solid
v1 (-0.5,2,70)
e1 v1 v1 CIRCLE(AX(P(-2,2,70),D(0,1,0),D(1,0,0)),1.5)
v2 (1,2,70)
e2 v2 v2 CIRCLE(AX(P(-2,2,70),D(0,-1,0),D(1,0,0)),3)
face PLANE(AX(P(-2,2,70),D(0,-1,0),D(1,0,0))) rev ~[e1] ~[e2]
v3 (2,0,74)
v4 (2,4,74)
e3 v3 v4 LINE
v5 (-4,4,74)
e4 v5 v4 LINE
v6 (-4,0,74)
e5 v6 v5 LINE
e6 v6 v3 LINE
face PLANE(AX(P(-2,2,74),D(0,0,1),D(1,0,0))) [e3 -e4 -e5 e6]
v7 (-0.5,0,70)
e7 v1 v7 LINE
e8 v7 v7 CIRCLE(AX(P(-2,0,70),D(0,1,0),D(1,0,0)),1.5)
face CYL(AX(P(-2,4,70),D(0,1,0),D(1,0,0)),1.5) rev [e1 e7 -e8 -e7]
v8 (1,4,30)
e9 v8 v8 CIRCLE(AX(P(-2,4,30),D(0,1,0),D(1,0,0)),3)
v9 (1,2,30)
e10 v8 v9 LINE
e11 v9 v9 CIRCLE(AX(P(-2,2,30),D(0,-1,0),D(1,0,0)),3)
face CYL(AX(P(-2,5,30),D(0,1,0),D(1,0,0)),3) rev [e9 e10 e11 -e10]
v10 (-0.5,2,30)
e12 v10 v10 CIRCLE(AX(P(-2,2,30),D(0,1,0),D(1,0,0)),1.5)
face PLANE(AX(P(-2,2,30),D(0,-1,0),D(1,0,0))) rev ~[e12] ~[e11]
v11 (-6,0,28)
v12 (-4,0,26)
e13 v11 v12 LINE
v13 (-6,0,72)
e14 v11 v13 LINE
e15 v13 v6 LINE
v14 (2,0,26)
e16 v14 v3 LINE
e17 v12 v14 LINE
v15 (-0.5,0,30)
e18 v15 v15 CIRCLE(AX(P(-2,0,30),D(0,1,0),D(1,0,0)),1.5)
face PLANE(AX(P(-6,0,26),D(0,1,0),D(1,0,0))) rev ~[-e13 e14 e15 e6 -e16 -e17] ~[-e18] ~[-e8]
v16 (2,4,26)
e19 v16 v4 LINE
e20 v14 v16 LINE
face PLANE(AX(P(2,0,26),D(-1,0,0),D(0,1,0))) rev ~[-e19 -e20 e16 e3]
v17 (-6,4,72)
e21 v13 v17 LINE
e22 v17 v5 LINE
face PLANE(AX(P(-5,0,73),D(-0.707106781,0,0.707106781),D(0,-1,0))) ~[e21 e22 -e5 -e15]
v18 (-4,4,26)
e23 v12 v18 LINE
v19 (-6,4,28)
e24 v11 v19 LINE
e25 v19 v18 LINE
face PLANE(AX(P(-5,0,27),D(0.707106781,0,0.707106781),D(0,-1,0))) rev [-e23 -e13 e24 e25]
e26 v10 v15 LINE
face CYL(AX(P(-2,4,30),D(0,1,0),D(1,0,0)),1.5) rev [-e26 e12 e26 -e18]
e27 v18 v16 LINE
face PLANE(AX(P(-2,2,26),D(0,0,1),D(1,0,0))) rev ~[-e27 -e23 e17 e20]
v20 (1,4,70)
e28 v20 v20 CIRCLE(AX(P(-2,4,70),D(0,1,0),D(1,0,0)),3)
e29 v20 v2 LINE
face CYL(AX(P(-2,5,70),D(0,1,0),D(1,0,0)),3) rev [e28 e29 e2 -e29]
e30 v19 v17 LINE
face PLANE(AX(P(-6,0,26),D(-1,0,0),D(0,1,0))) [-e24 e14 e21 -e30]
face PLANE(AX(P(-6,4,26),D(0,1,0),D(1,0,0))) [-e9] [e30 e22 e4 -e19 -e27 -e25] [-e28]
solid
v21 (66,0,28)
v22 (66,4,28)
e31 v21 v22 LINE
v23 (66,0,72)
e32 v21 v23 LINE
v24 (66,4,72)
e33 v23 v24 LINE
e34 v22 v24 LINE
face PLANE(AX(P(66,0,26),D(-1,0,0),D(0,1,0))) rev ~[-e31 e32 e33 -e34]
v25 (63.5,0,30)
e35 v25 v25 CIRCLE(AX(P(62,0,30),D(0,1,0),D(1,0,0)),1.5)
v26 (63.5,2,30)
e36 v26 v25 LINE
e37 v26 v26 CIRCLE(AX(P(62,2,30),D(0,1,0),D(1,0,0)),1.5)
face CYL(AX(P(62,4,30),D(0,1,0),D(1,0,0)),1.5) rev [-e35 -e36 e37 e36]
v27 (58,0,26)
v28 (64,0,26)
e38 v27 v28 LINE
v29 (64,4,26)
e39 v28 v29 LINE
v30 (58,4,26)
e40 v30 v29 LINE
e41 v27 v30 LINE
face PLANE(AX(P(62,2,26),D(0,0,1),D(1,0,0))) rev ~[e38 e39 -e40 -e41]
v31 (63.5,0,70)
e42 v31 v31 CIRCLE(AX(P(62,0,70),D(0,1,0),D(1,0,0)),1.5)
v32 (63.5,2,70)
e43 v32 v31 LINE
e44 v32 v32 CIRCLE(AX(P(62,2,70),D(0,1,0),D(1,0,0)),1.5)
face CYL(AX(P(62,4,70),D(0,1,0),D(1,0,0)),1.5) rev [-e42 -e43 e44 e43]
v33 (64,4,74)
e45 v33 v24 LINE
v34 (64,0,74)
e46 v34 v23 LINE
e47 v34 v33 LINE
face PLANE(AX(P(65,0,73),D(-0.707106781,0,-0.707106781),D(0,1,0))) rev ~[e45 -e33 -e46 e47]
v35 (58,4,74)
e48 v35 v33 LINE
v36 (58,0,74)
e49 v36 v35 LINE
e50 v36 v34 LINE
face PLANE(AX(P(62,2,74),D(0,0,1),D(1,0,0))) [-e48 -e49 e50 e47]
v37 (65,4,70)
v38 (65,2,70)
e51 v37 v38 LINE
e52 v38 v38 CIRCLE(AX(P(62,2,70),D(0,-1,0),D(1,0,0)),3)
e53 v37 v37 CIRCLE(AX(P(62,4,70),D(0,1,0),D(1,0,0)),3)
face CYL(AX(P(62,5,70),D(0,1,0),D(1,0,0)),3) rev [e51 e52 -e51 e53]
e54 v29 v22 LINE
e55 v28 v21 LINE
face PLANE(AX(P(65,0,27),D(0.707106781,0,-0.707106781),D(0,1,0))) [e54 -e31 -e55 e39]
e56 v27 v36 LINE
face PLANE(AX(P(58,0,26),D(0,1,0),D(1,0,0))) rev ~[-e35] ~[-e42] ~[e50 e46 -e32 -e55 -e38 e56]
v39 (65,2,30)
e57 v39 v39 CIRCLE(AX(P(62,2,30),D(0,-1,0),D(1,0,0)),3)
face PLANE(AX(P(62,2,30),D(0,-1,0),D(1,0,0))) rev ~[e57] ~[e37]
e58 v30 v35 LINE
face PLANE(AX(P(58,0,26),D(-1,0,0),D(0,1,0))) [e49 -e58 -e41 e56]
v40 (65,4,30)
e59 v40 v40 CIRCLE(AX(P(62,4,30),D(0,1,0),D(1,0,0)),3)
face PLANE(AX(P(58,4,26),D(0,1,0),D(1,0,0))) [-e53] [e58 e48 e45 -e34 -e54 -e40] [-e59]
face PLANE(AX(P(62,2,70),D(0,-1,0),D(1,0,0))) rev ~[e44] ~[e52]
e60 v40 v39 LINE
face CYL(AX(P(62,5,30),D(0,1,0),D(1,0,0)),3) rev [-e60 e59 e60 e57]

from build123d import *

# Parameters (mm, degrees)
CYLINDER887_R     = 3
CYLINDER887_DEPTH = 3
CYLINDER882_R     = 3
CYLINDER882_DEPTH = 3
CYLINDER883_R     = 3
CYLINDER883_DEPTH = 3
CYLINDER886_R     = 3
CYLINDER886_DEPTH = 3
CYLINDER885_R     = 1.5
CYLINDER885_DEPTH = 10
CYLINDER888_R     = 1.5
CYLINDER888_DEPTH = 10
CYLINDER889_R     = 1.5
CYLINDER889_DEPTH = 10
CYLINDER884_R     = 1.5
CYLINDER884_DEPTH = 10
BOX427_W          = 8
BOX427_H          = 4
BOX427_DEPTH      = 48
BOX426_W          = 8
BOX426_H          = 4
BOX426_DEPTH      = 48
CHAMFER026_SIZE   = 2
CHAMFER027_SIZE   = 2


with BuildPart() as v_lec887:
    # Cylinder887 → Cylinder887 (new body)
    with BuildSketch(Plane(origin=(62, 4, 70), x_dir=(1, 0, 0), z_dir=(0, -1, 0))):
        Circle(CYLINDER887_R)
    extrude(amount=CYLINDER887_DEPTH)


with BuildPart() as v_lec882:
    # Cylinder882 → Cylinder882 (new body)
    with BuildSketch(Plane(origin=(-2, 4, 30), x_dir=(1, 0, 0), z_dir=(0, -1, 0))):
        Circle(CYLINDER882_R)
    extrude(amount=CYLINDER882_DEPTH)


with BuildPart() as v_lec883:
    # Cylinder883 → Cylinder883 (new body)
    with BuildSketch(Plane(origin=(-2, 4, 70), x_dir=(1, 0, 0), z_dir=(0, -1, 0))):
        Circle(CYLINDER883_R)
    extrude(amount=CYLINDER883_DEPTH)


with BuildPart() as compound506:
    # Cylinder886 → Cylinder886 (new body)
    with BuildSketch(Plane(origin=(62, 4, 30), x_dir=(1, 0, 0), z_dir=(0, -1, 0))):
        Circle(CYLINDER886_R)
    extrude(amount=CYLINDER886_DEPTH)

    # Compound506: union Válec887, Válec882, Válec883
    add(v_lec887.part)
    add(v_lec882.part)
    add(v_lec883.part)


with BuildPart() as compound506_1:
    # Compound506 placement: moved
    add(compound506.part.moved(Location((0, 1, 0))))


with BuildPart() as v_lec885:
    # Cylinder885 → Cylinder885 (new body)
    with BuildSketch(Plane(origin=(-2, 4, 70), x_dir=(1, 0, 0), z_dir=(0, -1, 0))):
        Circle(CYLINDER885_R)
    extrude(amount=CYLINDER885_DEPTH)


with BuildPart() as v_lec888:
    # Cylinder888 → Cylinder888 (new body)
    with BuildSketch(Plane(origin=(62, 4, 30), x_dir=(1, 0, 0), z_dir=(0, -1, 0))):
        Circle(CYLINDER888_R)
    extrude(amount=CYLINDER888_DEPTH)


with BuildPart() as v_lec889:
    # Cylinder889 → Cylinder889 (new body)
    with BuildSketch(Plane(origin=(62, 4, 70), x_dir=(1, 0, 0), z_dir=(0, -1, 0))):
        Circle(CYLINDER889_R)
    extrude(amount=CYLINDER889_DEPTH)


with BuildPart() as compound507:
    # Cylinder884 → Cylinder884 (new body)
    with BuildSketch(Plane(origin=(-2, 4, 30), x_dir=(1, 0, 0), z_dir=(0, -1, 0))):
        Circle(CYLINDER884_R)
    extrude(amount=CYLINDER884_DEPTH)

    # Compound507: union Válec885, Válec888, Válec889
    add(v_lec885.part)
    add(v_lec888.part)
    add(v_lec889.part)


with BuildPart() as krychle427:
    # Box427 → Box427 (new body)
    with BuildSketch(Plane(origin=(58, 0, 26), x_dir=(1, 0, 0), z_dir=(0, 0, 1))):
        with Locations((4, 2)):
            Rectangle(BOX427_W, BOX427_H)
    extrude(amount=BOX427_DEPTH)


with BuildPart() as chamfer027:
    # Box426 → Box426 (new body)
    with BuildSketch(Plane(origin=(-6, 0, 26), x_dir=(1, 0, 0), z_dir=(0, 0, 1))):
        with Locations((4, 2)):
            Rectangle(BOX426_W, BOX426_H)
    extrude(amount=BOX426_DEPTH)

    # Compound505: union Krychle427
    add(krychle427.part)

    # Cut024: cut Compound507
    add(compound507.part, mode=Mode.SUBTRACT)

    # Cut025: cut Compound506
    add(compound506_1.part, mode=Mode.SUBTRACT)

    # Chamfer026
    chamfer026_edges = [chamfer027.edges().sort_by_distance(p)[0] for p in [
        (66, 2, 74),
        (66, 2, 26),
    ]]
    chamfer(chamfer026_edges, length=CHAMFER026_SIZE)

    # Chamfer027
    chamfer027_edges = [chamfer027.edges().sort_by_distance(p)[0] for p in [
        (-6, 2, 74),
        (-6, 2, 26),
    ]]
    chamfer(chamfer027_edges, length=CHAMFER027_SIZE)


solid = chamfer027.part
